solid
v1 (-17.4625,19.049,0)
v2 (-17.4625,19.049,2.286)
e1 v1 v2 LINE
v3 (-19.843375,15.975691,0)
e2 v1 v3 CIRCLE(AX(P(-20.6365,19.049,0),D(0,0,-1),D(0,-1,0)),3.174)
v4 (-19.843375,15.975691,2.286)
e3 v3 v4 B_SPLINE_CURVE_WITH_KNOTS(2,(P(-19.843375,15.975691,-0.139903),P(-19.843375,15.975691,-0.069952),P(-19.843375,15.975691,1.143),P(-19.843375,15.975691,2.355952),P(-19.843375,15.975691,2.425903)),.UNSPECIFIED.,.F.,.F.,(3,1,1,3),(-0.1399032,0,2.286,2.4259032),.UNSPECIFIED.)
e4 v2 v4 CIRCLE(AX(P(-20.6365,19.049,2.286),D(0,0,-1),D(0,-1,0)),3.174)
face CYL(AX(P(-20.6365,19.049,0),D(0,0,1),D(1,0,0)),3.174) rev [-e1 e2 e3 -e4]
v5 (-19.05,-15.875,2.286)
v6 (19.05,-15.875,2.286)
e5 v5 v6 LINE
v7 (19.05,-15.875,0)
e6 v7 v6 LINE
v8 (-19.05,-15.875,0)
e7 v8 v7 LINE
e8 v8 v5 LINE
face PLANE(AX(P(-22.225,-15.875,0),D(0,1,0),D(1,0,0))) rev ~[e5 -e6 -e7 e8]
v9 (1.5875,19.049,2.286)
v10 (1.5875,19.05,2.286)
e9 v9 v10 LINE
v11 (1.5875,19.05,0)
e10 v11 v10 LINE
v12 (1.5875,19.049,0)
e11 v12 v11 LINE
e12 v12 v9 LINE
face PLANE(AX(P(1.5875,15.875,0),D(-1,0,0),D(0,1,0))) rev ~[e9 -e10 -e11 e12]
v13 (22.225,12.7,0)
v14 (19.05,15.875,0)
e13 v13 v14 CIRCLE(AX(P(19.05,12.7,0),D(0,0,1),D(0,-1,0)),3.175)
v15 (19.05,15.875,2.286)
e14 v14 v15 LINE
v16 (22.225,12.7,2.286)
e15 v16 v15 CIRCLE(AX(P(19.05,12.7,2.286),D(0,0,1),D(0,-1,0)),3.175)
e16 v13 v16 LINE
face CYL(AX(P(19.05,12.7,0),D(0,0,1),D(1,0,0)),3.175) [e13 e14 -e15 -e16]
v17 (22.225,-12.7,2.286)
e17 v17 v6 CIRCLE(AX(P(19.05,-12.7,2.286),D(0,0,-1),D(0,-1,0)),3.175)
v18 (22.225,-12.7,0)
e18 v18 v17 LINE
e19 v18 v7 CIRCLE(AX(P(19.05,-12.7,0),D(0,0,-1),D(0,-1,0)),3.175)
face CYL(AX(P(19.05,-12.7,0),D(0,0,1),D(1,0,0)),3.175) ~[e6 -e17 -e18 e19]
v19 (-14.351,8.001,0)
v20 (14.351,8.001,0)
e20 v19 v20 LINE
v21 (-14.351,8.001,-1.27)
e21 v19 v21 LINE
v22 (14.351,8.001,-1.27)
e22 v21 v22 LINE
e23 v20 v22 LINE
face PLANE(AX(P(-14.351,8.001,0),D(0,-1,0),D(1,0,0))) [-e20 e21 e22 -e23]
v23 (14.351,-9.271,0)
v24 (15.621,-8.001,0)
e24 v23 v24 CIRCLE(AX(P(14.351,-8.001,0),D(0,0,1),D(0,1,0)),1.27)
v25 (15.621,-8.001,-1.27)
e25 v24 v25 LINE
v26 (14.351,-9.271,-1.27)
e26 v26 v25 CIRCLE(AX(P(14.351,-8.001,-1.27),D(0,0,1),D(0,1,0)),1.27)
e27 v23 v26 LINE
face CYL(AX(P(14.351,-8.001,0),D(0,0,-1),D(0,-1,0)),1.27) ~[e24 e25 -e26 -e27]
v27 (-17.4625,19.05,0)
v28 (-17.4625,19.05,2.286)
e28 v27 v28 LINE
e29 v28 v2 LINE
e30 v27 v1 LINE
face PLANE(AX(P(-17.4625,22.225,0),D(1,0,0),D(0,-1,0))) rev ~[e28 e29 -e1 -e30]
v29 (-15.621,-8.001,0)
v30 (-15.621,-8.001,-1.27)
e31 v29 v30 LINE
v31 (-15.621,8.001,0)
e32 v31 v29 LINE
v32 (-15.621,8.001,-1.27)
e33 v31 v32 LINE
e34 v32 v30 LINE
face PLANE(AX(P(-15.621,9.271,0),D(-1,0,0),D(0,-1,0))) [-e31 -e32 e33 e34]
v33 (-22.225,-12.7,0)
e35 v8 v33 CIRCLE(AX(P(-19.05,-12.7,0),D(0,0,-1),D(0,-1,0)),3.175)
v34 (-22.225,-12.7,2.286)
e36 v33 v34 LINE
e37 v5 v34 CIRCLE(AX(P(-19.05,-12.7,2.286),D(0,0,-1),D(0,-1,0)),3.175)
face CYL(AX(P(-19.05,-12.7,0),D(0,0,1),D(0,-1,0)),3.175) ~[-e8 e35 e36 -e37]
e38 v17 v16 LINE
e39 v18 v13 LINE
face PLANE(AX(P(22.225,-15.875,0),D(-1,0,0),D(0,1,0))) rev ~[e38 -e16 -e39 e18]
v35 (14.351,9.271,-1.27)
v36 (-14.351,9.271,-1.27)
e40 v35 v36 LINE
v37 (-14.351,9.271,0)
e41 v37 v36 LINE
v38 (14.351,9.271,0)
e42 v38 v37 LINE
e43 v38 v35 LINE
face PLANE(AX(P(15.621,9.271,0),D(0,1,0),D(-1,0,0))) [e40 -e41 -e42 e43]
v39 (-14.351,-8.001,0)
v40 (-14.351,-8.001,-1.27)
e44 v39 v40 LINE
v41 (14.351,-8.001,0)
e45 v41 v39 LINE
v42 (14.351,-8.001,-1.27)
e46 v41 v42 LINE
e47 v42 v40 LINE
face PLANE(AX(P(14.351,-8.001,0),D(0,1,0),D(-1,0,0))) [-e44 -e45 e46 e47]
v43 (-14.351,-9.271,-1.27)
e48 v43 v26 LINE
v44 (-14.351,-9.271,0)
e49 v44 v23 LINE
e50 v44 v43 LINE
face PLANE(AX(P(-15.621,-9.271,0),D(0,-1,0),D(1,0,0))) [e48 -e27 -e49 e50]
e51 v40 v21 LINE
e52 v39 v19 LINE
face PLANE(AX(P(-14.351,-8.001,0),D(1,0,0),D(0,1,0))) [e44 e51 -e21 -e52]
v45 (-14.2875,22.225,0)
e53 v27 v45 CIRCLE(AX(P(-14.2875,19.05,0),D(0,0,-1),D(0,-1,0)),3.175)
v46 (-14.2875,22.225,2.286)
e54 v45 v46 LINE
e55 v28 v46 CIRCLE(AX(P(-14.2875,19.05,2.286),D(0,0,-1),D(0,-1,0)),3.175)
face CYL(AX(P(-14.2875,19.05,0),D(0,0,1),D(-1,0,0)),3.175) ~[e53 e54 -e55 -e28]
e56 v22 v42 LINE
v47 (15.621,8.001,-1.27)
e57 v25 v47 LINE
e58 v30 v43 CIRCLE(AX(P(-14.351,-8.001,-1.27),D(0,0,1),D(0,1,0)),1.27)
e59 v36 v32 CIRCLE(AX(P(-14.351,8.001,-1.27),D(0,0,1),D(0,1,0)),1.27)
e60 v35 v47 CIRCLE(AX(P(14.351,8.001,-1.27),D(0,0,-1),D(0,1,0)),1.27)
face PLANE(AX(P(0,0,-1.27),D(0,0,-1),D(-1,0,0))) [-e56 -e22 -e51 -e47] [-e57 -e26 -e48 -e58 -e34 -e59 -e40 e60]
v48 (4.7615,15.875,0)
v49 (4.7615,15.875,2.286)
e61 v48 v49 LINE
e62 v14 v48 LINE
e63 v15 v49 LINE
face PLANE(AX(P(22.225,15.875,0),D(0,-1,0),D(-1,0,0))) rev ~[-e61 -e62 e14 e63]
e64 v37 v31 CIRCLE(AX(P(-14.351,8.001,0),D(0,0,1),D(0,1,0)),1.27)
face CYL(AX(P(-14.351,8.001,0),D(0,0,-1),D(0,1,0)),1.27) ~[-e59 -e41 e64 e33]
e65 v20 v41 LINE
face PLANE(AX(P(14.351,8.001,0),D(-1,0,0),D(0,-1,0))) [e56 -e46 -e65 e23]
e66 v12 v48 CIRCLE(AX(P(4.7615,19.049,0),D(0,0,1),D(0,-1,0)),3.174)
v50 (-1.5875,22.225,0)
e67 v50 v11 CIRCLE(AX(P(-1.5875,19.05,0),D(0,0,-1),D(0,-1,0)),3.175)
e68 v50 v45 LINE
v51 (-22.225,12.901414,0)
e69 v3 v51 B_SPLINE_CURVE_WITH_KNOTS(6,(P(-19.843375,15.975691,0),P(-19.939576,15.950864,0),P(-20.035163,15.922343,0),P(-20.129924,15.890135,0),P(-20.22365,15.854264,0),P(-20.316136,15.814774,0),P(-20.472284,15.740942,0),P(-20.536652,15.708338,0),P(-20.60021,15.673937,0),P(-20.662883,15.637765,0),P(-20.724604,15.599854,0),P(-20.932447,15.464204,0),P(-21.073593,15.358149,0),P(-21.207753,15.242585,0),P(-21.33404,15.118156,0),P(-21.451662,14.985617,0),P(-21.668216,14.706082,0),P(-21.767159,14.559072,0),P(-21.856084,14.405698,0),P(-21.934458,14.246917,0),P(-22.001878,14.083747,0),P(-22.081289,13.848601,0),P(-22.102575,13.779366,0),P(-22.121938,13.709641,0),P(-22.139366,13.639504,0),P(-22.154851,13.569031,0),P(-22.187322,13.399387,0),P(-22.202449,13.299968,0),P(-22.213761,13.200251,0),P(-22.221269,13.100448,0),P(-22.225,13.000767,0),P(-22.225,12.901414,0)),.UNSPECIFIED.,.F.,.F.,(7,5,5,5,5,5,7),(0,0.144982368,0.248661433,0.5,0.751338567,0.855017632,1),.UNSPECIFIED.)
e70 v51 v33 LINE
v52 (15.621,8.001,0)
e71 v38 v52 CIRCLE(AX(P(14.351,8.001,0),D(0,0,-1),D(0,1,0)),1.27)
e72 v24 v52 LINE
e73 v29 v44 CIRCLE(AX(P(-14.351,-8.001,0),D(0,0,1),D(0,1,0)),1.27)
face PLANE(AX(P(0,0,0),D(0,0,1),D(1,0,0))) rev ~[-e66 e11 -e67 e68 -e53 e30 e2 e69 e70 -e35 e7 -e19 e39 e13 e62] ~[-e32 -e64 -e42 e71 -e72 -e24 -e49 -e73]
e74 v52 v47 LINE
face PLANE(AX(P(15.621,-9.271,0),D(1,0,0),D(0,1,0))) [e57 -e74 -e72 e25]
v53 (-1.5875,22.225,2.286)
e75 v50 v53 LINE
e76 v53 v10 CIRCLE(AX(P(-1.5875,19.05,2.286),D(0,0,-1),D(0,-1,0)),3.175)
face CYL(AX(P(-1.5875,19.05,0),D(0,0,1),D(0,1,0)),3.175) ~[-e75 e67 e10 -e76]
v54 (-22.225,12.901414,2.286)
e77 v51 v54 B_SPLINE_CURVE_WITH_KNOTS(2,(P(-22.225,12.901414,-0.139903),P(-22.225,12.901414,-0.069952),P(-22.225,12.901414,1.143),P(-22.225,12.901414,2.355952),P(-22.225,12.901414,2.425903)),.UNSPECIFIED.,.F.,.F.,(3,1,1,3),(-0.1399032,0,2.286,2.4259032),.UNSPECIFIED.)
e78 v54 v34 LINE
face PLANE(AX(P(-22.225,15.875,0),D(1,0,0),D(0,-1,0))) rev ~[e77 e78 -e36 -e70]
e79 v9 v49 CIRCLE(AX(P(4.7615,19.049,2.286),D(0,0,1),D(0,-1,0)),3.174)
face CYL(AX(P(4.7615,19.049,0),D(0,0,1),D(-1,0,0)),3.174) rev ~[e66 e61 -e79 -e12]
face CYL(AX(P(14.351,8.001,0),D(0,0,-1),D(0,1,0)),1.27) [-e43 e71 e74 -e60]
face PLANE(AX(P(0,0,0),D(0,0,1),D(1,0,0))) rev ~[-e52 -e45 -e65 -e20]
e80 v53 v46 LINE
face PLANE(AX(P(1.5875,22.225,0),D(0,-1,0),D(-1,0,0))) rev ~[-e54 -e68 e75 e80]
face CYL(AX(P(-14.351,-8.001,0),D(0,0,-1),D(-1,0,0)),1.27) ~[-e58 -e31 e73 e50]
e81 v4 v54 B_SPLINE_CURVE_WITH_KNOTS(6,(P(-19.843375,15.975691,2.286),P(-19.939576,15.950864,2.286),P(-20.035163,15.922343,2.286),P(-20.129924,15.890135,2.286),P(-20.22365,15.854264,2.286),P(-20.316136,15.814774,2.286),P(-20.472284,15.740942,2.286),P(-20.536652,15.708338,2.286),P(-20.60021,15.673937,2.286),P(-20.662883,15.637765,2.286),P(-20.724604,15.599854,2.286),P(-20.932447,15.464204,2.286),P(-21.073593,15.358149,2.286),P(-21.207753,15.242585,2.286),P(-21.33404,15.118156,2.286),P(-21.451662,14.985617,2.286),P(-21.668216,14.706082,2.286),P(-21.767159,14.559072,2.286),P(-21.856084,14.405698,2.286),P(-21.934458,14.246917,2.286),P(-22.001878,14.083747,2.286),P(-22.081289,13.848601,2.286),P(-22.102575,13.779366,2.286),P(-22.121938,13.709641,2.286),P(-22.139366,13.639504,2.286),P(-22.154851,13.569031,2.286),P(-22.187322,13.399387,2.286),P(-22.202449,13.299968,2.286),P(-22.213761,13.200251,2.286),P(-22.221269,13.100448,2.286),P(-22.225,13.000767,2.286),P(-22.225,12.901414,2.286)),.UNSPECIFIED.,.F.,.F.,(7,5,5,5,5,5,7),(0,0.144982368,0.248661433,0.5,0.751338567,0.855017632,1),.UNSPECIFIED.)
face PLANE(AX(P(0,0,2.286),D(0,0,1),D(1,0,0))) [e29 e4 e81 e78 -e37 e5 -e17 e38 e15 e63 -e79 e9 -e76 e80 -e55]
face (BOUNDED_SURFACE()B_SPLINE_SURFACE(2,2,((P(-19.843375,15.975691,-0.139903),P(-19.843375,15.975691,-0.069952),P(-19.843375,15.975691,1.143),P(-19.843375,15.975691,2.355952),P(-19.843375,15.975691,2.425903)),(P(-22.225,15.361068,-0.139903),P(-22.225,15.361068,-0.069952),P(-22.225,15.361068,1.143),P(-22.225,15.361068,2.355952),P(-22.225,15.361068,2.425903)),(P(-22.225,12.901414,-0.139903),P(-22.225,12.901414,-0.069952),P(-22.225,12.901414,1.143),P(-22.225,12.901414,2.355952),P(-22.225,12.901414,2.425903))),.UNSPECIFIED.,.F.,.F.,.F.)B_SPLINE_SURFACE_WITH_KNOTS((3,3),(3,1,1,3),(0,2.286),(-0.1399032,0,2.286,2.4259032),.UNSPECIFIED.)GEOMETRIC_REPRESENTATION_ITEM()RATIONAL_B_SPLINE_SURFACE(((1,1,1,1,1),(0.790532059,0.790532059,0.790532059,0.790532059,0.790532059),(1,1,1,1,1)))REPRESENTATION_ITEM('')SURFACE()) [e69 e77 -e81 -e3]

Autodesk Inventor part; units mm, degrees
ref_plane "YZ Plane" through (0, 0, 0) normal (1, 0, 0) x (0, 1, 0)
ref_plane "XZ Plane" through (0, 0, 0) normal (0, 1, 0) x (-1, 0, 0)
ref_plane "XY Plane" through (0, 0, 0) normal (0, 0, 1) x (1, 0, 0)
sketch "Sketch4" plane through (0, 0, 0) normal (0, 0, 1) x (1, 0, 0)
  line L0 (15.875, 9.525) -> (15.875, -9.525)
  line L1 (15.875, -9.525) -> (-15.875, -9.525)
  line L2 (-15.875, -9.525) -> (-15.875, 9.525)
  line L3 (-15.875, 9.525) -> (-11.1125, 9.525)
  line L4 (-11.1125, 9.525) -> (-11.1125, 15.875)
  line L5 (-11.1125, 15.875) -> (-4.7625, 15.875)
  line L6 (-4.7625, 15.875) -> (-4.7625, 9.525)
  line L7 (-4.7625, 9.525) -> (15.875, 9.525)
  line L8 (1.5875, 22.225) -> (-17.4625, 22.225)
  line L9 (-17.4625, 22.225) -> (-17.4625, 15.875)
  line L10 (-17.4625, 15.875) -> (-22.225, 15.875)
  line L11 (-22.225, 15.875) -> (-22.225, -15.875)
  line L12 (-22.225, -15.875) -> (22.225, -15.875)
  line L13 (22.225, -15.875) -> (22.225, 15.875)
  line L14 (22.225, 15.875) -> (1.5875, 15.875)
  line L15 (1.5875, 15.875) -> (1.5875, 22.225)
  circle A0 centre (-14.2875, 19.05) radius 1.7145
  circle A1 centre (-1.5875, 19.05) radius 1.7145
  circle A2 centre (-1.5875, 12.7) radius 1.7145
  circle A3 centre (7.9375, 12.7) radius 1.7145
  circle A4 centre (19.05, 12.7) radius 1.7145
  circle A5 centre (19.05, 0) radius 1.7145
  circle A6 centre (19.05, -12.7) radius 1.7145
  circle A7 centre (-19.05, 0) radius 1.7145
  circle A8 centre (-19.05, -12.7) radius 1.7145
  circle A9 centre (-9.525, -12.7) radius 1.7145
  circle A10 centre (0, -12.7) radius 1.7145
  circle A11 centre (9.525, -12.7) radius 1.7145
  circle A12 centre (-19.05, 12.7) radius 1.7145
  point P0 (0, 0)
  dimension "d95" = 3.429
  dimension "d96" = 3.429
  dimension "d97" = 3.429
  dimension "d98" = 3.429
  dimension "d99" = 3.429
  dimension "d100" = 3.429
  dimension "d101" = 3.429
  dimension "d102" = 3.429
  dimension "d103" = 3.429
  dimension "d104" = 3.429
  dimension "d105" = 3.429
  dimension "d106" = 3.429
  dimension "d107" = 3.175
  dimension "d108" = 3.175
  dimension "d109" = 3.175
  dimension "d110" = 3.175
  dimension "d111" = 3.175
  dimension "d112" = 3.175
  dimension "d113" = 9.525
  dimension "d114" = 9.525
  dimension "d115" = 9.525
  dimension "d116" = 9.525
  dimension "d117" = 3.429
  dimension "d118" = 3.175
  dimension "d119" = 3.175
extrude "Extrusion4" add sketch "Sketch4" along normal blind 2.286 contours L0 L1 L2 L3 L4 L5 L6 L7 | L15 L14 L13 L12 L11 L10 L9 L8 | A0 | A1 | A2 | A3 | A4 | A5 | A6 | A7 | A8 | A9 | A10 | A11 | A12
fillet "Fillet3" radius 3.175 8 edges at (-17.4625, 22.225, 1.143) (1.5875, 22.225, 1.143) (1.5875, 15.875, 1.143) (-17.4625, 15.875, 1.143) (-22.225, 15.875, 1.143) (22.225, 15.875, 1.143) (22.225, -15.875, 1.143) (-22.225, -15.875, 1.143)
sketch "Sketch5" plane through (0, 0, 0) normal (0, 0, -1) x (-1, 0, 0)
  arc A0 (19.05, -15.875) -> (22.225, -12.7) centre (19.05, -12.7) ccw construction
  line L0 (22.225, -12.7) -> (22.225, 12.9016) construction
  arc A1 (22.225, 12.9016) -> (19.8438, 15.9758) centre (19.05, 12.9016) ccw construction
  arc A2 (17.4625, 19.05) -> (19.8438, 15.9758) centre (20.6375, 19.05) ccw construction
  arc A3 (17.4625, 19.05) -> (14.2875, 22.225) centre (14.2875, 19.05) ccw construction
  line L1 (14.2875, 22.225) -> (1.5875, 22.225) construction
  arc A4 (1.5875, 22.225) -> (-1.5875, 19.05) centre (1.5875, 19.05) ccw construction
  arc A5 (-4.7625, 15.875) -> (-1.5875, 19.05) centre (-4.7625, 19.05) ccw construction
  line L2 (-4.7625, 15.875) -> (-19.05, 15.875) construction
  arc A6 (-19.05, 15.875) -> (-22.225, 12.7) centre (-19.05, 12.7) ccw construction
  line L3 (-22.225, 12.7) -> (-22.225, -12.7) construction
  arc A7 (-22.225, -12.7) -> (-19.05, -15.875) centre (-19.05, -12.7) ccw construction
  line L4 (-19.05, -15.875) -> (19.05, -15.875) construction
  line L5 (-15.621, 9.271) -> (15.621, 9.271)
  line L6 (15.621, 9.271) -> (15.621, -9.271)
  line L7 (15.621, -9.271) -> (-15.621, -9.271)
  line L8 (-15.621, -9.271) -> (-15.621, 9.271)
  line L9 (14.351, 8.001) -> (-14.351, 8.001)
  line L10 (-14.351, 8.001) -> (-14.351, -8.001)
  line L11 (-14.351, -8.001) -> (14.351, -8.001)
  line L12 (14.351, -8.001) -> (14.351, 8.001)
  point P0 (0, 0)
  dimension "d126" = 6.604
  dimension "d127" = 6.604
  dimension "d128" = 6.604
  dimension "d129" = 6.604
  dimension "d130" = 1.27
extrude "Extrusion5" add sketch "Sketch5" along normal blind 1.27
fillet "Fillet4" radius 1.27 4 edges at (-15.621, 9.271, -0.635) (-15.621, -9.271, -0.635) (15.621, -9.271, -0.635) (15.621, 9.271, -0.635)
equation "\"d95\" = d117"
equation "\"d96\" = d117"
equation "\"d97\" = d117"
equation "\"d98\" = d117"
equation "\"d99\" = d117"
equation "\"d100\" = d117"
equation "\"d101\" = d117"
equation "\"d102\" = d117"
equation "\"d103\" = d117"
equation "\"d104\" = d117"
equation "\"d105\" = d117"
equation "\"d106\" = d117"
equation "\"d115\" = d114"
equation "\"d116\" = d114"
properties part number "foreElectronicsSealingWallFrontCap" material "ABS Plastic"
